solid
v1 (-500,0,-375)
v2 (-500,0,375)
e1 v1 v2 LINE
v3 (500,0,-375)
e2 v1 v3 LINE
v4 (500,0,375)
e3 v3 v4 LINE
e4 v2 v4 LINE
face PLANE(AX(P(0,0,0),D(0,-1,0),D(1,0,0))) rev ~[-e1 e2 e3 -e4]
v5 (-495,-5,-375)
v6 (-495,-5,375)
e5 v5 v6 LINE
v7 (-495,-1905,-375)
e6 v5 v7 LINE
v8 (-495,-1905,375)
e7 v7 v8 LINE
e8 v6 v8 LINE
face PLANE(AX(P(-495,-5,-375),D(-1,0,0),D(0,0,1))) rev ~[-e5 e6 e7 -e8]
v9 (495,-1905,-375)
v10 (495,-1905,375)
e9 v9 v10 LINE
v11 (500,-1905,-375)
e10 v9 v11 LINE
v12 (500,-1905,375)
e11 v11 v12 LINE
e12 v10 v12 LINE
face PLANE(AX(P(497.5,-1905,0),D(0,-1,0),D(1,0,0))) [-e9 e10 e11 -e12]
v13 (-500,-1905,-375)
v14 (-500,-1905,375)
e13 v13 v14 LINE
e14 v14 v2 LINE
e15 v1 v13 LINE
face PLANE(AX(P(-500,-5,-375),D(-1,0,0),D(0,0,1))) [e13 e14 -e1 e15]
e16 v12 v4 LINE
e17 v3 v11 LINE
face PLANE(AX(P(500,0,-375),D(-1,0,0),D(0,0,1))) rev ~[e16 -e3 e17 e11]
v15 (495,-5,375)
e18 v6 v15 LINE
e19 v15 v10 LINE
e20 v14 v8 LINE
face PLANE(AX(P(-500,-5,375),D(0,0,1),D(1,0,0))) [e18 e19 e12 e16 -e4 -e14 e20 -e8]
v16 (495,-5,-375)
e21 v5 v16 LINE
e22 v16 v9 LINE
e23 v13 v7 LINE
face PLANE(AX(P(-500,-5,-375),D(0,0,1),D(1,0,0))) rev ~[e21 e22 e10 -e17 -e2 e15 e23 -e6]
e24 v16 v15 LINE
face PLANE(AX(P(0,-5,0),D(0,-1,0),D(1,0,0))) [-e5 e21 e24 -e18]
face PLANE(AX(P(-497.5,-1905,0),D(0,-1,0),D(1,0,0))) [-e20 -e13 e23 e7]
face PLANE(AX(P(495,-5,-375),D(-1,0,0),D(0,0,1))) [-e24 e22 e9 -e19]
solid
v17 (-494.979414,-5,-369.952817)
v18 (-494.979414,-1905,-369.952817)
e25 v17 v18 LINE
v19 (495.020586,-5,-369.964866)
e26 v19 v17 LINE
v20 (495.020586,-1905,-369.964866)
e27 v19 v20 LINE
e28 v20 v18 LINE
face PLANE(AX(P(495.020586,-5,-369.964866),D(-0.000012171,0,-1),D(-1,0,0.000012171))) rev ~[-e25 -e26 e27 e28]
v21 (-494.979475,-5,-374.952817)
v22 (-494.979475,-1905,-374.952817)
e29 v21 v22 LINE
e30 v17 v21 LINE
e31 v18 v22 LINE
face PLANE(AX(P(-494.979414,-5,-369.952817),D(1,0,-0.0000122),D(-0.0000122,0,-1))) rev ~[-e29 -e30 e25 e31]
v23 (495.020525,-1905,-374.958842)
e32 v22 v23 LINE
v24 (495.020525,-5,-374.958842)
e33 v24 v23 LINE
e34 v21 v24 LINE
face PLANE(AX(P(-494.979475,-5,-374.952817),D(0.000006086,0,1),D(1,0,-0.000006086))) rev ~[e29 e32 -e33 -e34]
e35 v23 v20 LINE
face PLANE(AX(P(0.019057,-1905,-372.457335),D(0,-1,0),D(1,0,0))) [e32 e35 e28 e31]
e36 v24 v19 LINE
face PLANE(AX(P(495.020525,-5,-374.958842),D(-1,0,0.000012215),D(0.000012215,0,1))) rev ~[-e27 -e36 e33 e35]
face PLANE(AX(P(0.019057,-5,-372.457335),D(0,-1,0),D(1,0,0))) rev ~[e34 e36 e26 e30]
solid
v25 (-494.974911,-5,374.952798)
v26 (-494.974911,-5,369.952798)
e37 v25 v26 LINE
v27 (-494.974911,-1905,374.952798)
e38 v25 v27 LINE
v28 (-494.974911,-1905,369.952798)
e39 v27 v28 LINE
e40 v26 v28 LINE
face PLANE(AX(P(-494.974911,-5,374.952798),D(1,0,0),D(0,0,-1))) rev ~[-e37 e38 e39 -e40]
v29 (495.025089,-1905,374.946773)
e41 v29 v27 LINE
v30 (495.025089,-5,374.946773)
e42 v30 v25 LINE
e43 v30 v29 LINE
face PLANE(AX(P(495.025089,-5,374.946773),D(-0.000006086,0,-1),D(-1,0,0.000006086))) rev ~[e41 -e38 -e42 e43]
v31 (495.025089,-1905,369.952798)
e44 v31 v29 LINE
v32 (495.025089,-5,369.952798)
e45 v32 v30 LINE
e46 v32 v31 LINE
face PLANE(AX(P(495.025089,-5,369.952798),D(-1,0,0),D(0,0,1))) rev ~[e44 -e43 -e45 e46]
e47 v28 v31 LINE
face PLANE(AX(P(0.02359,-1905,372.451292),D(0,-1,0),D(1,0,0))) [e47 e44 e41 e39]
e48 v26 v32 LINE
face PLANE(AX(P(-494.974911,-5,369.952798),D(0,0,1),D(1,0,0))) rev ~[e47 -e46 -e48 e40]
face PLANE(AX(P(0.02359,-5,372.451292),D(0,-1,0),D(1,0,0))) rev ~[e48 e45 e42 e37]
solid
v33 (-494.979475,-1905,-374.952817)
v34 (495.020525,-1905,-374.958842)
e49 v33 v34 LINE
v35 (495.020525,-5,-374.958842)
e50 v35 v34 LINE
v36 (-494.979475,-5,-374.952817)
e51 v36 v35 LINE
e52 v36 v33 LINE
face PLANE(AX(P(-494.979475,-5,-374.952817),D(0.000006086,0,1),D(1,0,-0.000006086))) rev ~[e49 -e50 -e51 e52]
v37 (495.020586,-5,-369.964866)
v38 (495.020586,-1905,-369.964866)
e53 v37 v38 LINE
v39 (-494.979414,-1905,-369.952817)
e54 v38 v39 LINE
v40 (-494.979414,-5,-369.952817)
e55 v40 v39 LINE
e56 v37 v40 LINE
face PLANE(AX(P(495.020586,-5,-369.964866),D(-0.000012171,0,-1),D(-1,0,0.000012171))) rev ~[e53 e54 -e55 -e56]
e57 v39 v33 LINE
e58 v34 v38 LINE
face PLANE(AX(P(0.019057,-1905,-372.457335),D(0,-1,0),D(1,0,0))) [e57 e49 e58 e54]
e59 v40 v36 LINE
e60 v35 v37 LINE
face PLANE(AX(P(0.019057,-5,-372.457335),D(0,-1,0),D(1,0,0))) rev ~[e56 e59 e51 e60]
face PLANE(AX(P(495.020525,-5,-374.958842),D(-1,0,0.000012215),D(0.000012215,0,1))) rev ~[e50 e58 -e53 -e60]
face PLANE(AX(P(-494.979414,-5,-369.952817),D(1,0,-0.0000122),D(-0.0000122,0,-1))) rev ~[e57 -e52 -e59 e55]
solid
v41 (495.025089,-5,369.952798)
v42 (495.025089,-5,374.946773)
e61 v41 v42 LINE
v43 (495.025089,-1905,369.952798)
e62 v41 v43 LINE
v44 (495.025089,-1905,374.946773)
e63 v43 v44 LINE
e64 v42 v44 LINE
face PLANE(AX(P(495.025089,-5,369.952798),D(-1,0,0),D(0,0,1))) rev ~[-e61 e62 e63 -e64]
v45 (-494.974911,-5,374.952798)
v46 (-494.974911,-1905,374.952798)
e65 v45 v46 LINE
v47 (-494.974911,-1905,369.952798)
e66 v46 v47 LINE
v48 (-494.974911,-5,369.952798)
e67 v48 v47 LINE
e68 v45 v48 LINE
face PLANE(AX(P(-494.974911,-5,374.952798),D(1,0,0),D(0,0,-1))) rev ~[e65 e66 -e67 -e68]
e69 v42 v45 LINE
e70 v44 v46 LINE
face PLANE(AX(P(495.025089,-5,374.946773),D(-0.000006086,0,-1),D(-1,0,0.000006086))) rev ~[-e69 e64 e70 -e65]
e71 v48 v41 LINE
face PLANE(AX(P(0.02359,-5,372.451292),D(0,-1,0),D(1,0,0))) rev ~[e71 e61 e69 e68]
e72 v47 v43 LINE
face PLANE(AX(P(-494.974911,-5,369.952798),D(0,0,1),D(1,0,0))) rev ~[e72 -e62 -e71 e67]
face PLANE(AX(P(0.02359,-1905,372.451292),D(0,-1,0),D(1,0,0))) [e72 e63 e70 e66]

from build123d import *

# Parameters (mm, degrees)
F0_W     = 1000
F0_H     = 750
F1_DEPTH = 5
F2_W     = 5
F2_H     = 750
F3_DEPTH = 1900
F5_DEPTH = 1900
F7_DEPTH = 1900
F8_DEPTH = 1900


with BuildPart() as f1:
    # F0 (on Front) → F1 (new body)
    with BuildSketch(Plane.XZ):
        Rectangle(F0_W, F0_H)
    extrude(amount=F1_DEPTH)

    # F2 (on face) → F3 (join)
    with BuildSketch(Plane.XZ.offset(5)):
        with Locations((-497.5, 0)):
            Rectangle(F2_W, F2_H)
        with Locations((497.5, 0)):
            Rectangle(F2_W, F2_H)
    extrude(amount=F3_DEPTH)

    # F2 (on face) → F5 (join)
    with BuildSketch(Plane.XZ.offset(5)):
        with Locations((-497.5, 0)):
            Rectangle(F2_W, F2_H)
        with Locations((497.5, 0)):
            Rectangle(F2_W, F2_H)
    extrude(amount=F5_DEPTH)


with BuildPart() as f7:
    # F6 (on face) → F7 (new body)
    with BuildSketch(Plane.XZ.offset(5)):
        Polygon((495.025089, 374.946773), (-494.974911, 374.952798), (-494.974911, 369.952798), (495.025089, 369.952798), align=None)
        Polygon((-494.979475, -374.952817), (495.020525, -374.958842), (495.020586, -369.964866), (-494.979414, -369.952817), align=None)
    extrude(amount=F7_DEPTH)


with BuildPart() as f8:
    # F6 (on face) → F8 (new body)
    with BuildSketch(Plane.XZ.offset(5)):
        Polygon((495.025089, 374.946773), (-494.974911, 374.952798), (-494.974911, 369.952798), (495.025089, 369.952798), align=None)
        Polygon((-494.979475, -374.952817), (495.020525, -374.958842), (495.020586, -369.964866), (-494.979414, -369.952817), align=None)
    extrude(amount=F8_DEPTH)


solid = Compound([f1.part, f7.part, f8.part])
